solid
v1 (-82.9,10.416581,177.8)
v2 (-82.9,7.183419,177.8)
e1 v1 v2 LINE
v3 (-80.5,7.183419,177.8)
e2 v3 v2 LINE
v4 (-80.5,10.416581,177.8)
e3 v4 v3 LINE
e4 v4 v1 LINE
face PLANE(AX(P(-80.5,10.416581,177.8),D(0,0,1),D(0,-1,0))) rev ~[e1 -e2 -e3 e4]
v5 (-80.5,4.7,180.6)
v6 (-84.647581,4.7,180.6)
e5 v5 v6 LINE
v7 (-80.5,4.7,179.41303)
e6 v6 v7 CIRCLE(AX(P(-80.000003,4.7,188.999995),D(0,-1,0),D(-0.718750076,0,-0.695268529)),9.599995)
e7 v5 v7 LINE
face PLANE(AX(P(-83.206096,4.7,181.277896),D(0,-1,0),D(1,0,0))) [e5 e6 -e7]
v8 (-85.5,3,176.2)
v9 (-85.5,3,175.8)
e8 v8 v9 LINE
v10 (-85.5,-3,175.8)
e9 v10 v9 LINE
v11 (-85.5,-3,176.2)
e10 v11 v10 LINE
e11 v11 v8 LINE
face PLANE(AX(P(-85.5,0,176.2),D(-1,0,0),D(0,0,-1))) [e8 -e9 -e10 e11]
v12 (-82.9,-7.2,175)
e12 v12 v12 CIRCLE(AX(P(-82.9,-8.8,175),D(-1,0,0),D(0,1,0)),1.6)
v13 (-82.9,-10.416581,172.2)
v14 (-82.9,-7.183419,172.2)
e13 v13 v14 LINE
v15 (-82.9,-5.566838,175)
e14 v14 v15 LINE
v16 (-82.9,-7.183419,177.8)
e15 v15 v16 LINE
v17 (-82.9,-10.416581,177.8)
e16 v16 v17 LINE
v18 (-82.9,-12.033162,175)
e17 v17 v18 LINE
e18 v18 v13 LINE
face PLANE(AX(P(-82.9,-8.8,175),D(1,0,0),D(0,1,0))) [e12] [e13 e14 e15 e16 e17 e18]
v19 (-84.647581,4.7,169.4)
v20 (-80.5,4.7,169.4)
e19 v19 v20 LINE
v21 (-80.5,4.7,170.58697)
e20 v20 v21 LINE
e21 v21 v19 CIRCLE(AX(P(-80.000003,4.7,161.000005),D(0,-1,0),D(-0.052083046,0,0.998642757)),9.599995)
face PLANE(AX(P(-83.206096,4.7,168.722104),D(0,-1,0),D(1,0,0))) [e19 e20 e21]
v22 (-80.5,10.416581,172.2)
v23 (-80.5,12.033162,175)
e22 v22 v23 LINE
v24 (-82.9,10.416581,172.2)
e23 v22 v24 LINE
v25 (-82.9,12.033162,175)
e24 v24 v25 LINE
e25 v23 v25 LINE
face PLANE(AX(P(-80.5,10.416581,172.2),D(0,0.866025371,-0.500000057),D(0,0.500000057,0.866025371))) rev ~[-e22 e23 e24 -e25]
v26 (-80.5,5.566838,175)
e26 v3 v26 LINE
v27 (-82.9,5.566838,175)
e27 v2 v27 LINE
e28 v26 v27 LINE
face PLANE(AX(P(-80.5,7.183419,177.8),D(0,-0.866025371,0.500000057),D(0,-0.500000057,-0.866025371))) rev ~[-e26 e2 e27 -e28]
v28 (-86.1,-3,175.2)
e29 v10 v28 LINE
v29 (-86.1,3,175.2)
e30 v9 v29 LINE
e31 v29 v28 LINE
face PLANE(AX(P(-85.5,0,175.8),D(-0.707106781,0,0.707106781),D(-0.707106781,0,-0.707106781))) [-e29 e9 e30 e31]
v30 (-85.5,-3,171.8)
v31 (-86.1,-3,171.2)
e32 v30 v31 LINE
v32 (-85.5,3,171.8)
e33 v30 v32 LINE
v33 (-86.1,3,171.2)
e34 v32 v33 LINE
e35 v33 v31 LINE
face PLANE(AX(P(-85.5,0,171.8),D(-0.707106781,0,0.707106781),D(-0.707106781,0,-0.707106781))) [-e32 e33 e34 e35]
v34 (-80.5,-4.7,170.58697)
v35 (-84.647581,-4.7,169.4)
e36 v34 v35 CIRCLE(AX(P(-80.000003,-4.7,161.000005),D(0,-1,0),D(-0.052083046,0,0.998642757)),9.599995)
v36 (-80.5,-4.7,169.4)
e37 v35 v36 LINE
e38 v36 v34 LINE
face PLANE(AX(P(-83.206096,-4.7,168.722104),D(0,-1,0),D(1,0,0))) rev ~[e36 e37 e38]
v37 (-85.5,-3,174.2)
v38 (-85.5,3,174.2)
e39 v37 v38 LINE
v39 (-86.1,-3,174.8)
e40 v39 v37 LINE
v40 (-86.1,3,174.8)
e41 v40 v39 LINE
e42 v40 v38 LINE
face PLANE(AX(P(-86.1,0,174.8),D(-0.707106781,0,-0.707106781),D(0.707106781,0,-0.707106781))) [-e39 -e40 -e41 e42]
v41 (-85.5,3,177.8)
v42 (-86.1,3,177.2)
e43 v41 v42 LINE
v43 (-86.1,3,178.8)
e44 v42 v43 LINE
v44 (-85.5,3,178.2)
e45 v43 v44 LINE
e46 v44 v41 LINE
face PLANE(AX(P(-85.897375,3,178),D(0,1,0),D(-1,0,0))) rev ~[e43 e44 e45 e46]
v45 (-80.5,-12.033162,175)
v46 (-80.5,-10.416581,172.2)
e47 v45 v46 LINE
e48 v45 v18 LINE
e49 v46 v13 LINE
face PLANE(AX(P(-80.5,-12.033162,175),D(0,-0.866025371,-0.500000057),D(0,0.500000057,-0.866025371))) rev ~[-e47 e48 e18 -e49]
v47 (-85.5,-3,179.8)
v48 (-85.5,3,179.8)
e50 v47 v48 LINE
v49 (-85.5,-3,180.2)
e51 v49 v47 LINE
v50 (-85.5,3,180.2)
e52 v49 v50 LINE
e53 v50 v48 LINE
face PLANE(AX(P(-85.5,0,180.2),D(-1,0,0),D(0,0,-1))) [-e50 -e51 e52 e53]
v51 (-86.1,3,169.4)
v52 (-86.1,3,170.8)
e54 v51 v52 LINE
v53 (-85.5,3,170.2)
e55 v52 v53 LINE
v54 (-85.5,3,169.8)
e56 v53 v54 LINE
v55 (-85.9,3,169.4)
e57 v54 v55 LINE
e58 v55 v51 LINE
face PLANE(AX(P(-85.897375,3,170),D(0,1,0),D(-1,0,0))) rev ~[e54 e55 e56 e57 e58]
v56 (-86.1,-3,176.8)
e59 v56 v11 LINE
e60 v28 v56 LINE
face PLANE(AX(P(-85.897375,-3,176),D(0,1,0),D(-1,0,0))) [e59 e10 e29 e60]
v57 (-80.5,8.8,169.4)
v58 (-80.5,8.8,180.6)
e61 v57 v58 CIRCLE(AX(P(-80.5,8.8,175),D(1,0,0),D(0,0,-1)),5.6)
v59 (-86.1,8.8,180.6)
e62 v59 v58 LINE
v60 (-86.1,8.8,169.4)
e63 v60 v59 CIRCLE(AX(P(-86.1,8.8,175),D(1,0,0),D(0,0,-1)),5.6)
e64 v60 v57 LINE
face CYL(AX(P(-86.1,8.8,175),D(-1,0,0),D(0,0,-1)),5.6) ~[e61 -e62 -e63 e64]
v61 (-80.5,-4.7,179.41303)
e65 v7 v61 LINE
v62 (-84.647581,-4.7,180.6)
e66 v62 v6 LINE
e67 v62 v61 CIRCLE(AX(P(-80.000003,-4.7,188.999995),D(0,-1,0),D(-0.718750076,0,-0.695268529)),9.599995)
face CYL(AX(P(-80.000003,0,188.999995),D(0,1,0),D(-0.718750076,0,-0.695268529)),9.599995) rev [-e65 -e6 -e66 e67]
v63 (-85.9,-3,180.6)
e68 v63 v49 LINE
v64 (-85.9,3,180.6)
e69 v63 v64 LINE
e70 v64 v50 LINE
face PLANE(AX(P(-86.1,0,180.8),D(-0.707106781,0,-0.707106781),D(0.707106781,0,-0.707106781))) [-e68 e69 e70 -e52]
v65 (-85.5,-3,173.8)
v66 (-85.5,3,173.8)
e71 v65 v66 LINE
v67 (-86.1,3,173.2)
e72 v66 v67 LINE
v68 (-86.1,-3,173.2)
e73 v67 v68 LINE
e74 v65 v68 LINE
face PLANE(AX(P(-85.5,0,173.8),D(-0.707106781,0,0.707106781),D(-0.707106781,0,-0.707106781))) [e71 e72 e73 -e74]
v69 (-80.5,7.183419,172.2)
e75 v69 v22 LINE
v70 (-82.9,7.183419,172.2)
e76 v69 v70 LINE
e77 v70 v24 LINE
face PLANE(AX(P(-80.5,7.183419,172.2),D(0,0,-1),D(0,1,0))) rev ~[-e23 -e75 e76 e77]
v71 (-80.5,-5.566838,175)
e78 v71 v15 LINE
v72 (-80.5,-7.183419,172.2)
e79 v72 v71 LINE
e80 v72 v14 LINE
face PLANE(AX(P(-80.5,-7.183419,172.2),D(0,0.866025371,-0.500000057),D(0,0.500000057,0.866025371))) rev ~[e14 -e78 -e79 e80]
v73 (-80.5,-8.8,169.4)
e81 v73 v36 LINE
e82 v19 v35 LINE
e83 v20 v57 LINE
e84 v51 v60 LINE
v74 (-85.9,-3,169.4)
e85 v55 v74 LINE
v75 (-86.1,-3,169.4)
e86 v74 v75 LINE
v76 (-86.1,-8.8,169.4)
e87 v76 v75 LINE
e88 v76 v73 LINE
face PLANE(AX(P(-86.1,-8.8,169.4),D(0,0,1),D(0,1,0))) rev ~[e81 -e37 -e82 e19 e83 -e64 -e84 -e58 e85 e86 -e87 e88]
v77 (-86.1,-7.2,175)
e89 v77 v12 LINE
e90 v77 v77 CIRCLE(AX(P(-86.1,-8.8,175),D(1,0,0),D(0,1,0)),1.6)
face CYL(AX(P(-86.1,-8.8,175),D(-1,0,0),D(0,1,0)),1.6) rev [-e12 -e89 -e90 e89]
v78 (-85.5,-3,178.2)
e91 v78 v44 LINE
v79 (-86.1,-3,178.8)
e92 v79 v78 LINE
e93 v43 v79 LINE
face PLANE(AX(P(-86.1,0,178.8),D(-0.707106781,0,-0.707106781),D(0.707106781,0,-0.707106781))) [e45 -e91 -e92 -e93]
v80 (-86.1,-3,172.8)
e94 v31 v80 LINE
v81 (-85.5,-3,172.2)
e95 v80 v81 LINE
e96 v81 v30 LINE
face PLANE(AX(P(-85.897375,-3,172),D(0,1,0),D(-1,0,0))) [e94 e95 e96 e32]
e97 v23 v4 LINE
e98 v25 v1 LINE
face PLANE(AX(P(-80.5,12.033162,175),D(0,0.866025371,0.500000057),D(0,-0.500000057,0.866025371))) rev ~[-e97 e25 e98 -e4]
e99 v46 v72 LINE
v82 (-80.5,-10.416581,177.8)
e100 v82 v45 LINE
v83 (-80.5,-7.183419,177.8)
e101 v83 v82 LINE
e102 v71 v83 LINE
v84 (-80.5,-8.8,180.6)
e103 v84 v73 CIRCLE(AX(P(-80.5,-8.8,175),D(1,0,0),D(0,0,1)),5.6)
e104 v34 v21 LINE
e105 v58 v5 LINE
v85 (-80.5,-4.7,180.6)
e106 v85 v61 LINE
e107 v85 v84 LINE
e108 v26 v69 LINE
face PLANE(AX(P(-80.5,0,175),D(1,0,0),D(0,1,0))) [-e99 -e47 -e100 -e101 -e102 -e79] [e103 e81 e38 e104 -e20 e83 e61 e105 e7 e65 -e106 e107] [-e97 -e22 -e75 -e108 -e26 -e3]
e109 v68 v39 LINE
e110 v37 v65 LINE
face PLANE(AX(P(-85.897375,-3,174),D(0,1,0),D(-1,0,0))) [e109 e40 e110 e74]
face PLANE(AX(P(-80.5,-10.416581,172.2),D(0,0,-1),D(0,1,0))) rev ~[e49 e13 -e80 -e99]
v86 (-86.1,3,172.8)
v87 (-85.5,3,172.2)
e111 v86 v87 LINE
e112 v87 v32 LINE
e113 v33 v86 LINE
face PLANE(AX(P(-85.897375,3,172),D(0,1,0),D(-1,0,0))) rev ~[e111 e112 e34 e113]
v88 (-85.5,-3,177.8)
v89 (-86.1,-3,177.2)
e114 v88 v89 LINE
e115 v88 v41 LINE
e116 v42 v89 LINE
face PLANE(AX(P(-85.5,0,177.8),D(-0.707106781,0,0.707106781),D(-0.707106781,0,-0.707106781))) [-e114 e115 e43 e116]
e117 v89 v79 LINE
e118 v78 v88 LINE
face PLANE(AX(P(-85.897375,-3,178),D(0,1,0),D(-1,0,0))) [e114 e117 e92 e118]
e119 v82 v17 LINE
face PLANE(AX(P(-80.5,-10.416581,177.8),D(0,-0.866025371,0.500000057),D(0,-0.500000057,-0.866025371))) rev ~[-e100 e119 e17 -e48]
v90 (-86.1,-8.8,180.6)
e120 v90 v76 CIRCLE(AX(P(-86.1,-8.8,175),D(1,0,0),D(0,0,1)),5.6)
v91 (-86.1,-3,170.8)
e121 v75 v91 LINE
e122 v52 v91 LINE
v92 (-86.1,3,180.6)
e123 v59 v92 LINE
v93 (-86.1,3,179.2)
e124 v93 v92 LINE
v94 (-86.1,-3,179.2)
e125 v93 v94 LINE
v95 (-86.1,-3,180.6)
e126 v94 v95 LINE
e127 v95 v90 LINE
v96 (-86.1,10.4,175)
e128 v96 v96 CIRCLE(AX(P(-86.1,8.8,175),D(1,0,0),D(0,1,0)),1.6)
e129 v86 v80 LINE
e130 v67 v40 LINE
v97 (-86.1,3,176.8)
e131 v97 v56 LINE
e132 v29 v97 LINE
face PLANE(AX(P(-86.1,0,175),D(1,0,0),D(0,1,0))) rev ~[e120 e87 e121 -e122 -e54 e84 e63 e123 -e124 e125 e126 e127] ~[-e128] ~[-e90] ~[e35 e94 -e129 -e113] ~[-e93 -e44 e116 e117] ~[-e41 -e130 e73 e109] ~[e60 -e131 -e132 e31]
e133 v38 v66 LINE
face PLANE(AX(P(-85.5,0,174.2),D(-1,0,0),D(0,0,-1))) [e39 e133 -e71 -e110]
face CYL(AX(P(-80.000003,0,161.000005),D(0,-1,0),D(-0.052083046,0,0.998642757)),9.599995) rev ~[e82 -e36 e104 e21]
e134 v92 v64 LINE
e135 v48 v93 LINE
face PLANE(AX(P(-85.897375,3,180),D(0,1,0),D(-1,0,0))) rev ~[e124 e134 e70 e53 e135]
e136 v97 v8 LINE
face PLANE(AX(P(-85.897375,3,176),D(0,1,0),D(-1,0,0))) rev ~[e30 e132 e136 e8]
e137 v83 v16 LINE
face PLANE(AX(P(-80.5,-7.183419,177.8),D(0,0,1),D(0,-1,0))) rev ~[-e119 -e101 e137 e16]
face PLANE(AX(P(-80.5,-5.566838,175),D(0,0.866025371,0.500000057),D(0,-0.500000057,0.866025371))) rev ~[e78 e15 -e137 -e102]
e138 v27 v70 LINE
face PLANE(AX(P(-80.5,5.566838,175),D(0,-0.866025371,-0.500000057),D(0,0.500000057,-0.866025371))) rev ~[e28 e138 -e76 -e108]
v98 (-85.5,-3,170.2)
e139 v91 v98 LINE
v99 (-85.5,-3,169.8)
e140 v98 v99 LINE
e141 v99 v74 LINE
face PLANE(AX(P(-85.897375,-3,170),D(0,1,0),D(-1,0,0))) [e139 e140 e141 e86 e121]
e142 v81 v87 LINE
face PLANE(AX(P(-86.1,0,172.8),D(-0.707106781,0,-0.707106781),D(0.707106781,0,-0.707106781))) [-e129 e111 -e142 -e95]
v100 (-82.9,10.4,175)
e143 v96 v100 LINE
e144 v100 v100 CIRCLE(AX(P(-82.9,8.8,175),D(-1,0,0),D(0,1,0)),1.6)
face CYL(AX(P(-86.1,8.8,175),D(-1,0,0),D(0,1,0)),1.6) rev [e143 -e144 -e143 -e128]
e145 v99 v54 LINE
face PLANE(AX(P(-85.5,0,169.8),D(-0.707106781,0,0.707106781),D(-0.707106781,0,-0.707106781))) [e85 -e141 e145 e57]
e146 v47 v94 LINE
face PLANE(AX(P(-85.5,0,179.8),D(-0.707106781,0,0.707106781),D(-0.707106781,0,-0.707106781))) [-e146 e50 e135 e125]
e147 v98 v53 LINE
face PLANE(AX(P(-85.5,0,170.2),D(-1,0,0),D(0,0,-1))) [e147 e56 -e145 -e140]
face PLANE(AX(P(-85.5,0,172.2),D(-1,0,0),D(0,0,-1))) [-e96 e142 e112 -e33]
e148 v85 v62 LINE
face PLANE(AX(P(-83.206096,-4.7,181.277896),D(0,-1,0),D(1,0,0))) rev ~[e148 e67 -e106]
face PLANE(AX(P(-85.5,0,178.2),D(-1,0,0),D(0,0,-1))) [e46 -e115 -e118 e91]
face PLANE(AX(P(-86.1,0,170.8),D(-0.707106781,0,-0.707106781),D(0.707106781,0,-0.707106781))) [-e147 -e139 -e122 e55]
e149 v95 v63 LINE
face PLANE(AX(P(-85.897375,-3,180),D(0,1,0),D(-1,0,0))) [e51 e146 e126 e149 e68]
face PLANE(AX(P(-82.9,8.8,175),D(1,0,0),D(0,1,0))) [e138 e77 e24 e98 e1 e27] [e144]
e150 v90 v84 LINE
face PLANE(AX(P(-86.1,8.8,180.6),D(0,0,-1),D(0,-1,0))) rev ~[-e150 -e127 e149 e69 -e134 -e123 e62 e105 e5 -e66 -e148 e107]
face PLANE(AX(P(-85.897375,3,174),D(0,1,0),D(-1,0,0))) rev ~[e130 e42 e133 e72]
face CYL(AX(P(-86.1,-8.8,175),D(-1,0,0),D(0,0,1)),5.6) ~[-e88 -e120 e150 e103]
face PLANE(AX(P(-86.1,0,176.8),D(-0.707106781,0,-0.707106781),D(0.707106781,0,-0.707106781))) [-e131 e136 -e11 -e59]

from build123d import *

# Parameters (mm, degrees)
SKETCH019_R         = 1.6
PAD007_DEPTH        = 5.6
POCKET007_DEPTH     = 2.4
POCKET008_DEPTH     = 4.7
POCKET009_DEPTH     = 3
LINEARPATTERN_COUNT = 6
LINEARPATTERN_PITCH = 2


with BuildPart() as part:
    # Sketch019 (on Face6 of Binder001) → Pad007 (new body)
    with BuildSketch(Plane.YZ.offset(-86.1)):
        with BuildLine():
            Line((8.8, 180.6), (-8.8, 180.6))
            ThreePointArc((-8.8, 180.6), (-14.4, 175), (-8.8, 169.4))
            Line((-8.8, 169.4), (8.8, 169.4))
            ThreePointArc((8.8, 169.4), (14.4, 175), (8.8, 180.6))
        make_face()
        with Locations((-8.8, 175)):
            Circle(SKETCH019_R, mode=Mode.SUBTRACT)
        with Locations((8.8, 175)):
            Circle(SKETCH019_R, mode=Mode.SUBTRACT)
    extrude(amount=PAD007_DEPTH)

    # Sketch020 (on Face8 of Pad007) → Pocket007 (cut)
    with BuildSketch(Plane.YZ.offset(-80.5)):
        Polygon((-5.566838, 175), (-7.183419, 177.8), (-10.416581, 177.8), (-12.033162, 175), (-10.416581, 172.2), (-7.183419, 172.2), align=None)
        Polygon((5.566838, 175), (7.183419, 172.2), (10.416581, 172.2), (12.033162, 175), (10.416581, 177.8), (7.183419, 177.8), align=None)
    extrude(amount=-POCKET007_DEPTH, mode=Mode.SUBTRACT)

    # Sketch021 → Pocket008 (cut, symmetric)
    with BuildSketch(Plane.XZ):
        with BuildLine():
            ThreePointArc((-86.9, 182.325421), (-83.976243, 180.26218), (-80.5, 179.41303))
            Line((-80.5, 182.325421), (-80.5, 179.41303))
            Line((-86.9, 182.325421), (-80.5, 182.325421))
        make_face()
        with BuildLine():
            ThreePointArc((-80.5, 170.58697), (-83.976243, 169.73782), (-86.9, 167.674579))
            Line((-86.9, 167.674579), (-80.5, 167.674579))
            Line((-80.5, 167.674579), (-80.5, 170.58697))
        make_face()
    extrude(amount=POCKET008_DEPTH, both=True, mode=Mode.SUBTRACT)

    # Sketch022 → Pocket009 (cut, symmetric)
    with BuildSketch(Plane.XZ):
        Polygon((-86.1, 180.8), (-85.5, 180.2), (-85.5, 179.8), (-86.1, 179.2), align=None)
    pocket009 = extrude(amount=POCKET009_DEPTH, both=True, mode=Mode.SUBTRACT)

    # LinearPattern: Pocket009 ×6
    with Locations(*[(0, 0, -i * LINEARPATTERN_PITCH) for i in range(1, LINEARPATTERN_COUNT)]):
        add(pocket009, mode=Mode.SUBTRACT)


solid = part.part
